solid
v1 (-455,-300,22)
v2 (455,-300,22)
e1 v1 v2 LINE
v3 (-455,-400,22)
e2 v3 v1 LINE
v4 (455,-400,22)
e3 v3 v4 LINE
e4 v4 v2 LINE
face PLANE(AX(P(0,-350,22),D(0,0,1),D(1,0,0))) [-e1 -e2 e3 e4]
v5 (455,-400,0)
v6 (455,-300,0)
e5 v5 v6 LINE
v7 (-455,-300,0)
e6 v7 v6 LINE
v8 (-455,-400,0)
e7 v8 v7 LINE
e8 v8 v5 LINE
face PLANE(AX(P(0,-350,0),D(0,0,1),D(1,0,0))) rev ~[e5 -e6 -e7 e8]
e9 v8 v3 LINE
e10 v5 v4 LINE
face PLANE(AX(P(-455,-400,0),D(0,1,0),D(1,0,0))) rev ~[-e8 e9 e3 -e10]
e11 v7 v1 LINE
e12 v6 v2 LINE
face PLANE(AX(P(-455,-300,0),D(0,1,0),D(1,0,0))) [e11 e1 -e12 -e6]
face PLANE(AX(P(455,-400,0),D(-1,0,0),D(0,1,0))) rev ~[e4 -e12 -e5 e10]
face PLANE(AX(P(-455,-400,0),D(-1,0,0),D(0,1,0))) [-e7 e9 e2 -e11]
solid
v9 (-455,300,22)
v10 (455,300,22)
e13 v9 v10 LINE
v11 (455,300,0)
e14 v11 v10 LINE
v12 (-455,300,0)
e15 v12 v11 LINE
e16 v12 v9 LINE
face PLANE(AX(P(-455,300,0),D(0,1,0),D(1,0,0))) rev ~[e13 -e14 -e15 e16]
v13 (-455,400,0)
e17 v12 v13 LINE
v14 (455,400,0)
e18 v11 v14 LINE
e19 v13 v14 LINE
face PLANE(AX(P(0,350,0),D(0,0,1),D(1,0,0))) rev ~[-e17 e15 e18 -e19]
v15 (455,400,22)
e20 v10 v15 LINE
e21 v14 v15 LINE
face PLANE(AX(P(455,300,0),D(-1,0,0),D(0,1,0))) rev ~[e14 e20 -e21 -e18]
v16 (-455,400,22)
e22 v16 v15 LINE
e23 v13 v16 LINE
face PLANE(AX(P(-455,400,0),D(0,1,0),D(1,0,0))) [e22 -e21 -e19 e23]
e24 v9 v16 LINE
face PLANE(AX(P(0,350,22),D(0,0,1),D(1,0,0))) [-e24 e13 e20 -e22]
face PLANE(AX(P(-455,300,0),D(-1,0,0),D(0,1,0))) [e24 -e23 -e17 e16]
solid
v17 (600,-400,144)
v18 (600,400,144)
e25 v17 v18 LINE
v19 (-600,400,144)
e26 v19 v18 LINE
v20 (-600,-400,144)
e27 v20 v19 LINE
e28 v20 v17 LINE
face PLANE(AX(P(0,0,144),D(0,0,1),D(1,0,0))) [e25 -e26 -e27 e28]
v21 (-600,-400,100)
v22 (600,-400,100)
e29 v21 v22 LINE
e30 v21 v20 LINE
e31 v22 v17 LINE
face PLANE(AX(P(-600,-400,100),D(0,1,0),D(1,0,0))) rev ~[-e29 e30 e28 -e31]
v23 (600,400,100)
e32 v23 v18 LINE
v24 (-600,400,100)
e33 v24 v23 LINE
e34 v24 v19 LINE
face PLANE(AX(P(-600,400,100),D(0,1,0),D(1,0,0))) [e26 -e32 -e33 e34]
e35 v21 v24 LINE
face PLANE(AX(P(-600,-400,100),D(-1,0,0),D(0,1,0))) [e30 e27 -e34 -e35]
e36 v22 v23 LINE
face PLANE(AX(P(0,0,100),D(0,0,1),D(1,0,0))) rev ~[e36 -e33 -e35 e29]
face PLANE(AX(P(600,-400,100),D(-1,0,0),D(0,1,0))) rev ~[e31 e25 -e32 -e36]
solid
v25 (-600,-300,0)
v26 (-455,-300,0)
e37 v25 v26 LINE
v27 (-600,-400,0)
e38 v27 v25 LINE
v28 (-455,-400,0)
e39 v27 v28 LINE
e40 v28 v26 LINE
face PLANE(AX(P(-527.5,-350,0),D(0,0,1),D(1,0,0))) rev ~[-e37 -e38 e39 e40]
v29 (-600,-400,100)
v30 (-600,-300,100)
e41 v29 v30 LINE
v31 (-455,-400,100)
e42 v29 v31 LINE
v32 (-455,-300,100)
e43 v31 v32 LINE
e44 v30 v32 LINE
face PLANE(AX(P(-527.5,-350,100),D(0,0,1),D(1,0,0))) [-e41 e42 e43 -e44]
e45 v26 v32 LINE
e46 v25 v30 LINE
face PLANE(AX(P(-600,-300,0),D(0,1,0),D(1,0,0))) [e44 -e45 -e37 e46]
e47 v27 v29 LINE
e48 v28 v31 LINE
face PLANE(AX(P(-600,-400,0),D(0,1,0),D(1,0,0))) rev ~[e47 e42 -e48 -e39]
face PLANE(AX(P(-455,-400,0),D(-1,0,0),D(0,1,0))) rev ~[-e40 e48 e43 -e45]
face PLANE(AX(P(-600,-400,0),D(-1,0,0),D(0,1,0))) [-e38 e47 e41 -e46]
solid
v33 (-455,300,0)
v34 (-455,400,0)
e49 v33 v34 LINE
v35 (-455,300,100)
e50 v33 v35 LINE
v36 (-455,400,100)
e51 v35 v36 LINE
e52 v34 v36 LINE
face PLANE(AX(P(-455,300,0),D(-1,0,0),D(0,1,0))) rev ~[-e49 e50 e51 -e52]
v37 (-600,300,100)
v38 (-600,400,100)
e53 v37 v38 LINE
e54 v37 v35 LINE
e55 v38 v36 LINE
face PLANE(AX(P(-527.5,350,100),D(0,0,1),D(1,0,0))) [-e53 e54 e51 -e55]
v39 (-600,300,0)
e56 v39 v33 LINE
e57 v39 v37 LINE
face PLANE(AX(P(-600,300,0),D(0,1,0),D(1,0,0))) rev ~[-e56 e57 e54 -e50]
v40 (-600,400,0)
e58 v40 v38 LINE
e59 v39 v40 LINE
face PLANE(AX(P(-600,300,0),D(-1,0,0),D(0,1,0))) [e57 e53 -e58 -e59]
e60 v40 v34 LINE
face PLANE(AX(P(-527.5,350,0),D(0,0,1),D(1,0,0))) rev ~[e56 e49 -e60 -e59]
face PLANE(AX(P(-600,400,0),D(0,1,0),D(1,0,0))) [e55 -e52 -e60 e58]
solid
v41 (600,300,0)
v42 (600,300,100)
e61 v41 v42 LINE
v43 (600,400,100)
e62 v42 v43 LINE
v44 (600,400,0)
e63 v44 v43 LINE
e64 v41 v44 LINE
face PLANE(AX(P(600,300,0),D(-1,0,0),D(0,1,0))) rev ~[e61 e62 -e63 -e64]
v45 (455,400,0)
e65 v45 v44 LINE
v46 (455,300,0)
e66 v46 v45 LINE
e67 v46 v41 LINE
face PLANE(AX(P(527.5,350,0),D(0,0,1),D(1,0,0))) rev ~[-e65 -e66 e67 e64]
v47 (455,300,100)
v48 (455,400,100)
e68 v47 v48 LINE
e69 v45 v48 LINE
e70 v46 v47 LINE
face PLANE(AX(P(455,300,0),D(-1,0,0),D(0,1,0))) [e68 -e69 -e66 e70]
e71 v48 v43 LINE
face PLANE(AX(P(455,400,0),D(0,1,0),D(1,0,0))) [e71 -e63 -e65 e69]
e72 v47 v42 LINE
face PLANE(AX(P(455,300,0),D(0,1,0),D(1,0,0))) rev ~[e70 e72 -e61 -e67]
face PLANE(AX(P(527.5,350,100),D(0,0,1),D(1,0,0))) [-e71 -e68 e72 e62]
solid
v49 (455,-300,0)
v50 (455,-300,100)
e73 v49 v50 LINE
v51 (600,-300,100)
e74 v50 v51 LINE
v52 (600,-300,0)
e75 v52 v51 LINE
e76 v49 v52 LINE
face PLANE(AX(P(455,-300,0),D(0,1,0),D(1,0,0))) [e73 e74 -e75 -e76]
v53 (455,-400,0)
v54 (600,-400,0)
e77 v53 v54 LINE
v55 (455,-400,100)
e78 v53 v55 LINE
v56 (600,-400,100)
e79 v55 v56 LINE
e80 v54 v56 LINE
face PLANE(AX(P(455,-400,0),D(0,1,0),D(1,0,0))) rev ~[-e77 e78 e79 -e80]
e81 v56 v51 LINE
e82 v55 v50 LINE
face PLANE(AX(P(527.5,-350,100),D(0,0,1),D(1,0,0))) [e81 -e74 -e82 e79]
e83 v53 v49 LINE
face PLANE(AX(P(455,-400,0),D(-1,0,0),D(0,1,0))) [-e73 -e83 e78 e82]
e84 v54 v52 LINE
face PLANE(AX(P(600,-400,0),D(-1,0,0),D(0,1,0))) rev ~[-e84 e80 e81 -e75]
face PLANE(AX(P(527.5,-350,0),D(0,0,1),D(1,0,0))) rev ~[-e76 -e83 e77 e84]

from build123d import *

# Parameters (mm, degrees)
F0_W     = 910
F0_H     = 100
F1_DEPTH = 22
F0_W_2   = 145
F2_DEPTH = 100
F3_W     = 1200
F3_H     = 800
F4_DEPTH = 44


with BuildPart() as f1:
    # F0 (on Top) → F1 (new body)
    with BuildSketch(Plane.XY):
        with Locations((0, 350)):
            Rectangle(F0_W, F0_H)
    extrude(amount=F1_DEPTH)


with BuildPart() as f1b:
    # F0 (on Top) → F1, piece 2 (new body)
    with BuildSketch(Plane.XY):
        with Locations((0, -350)):
            Rectangle(F0_W, F0_H)
    extrude(amount=F1_DEPTH)


with BuildPart() as f2:
    # F0 (on Top) → F2 (new body)
    with BuildSketch(Plane.XY):
        with Locations((527.5, -350)):
            Rectangle(F0_W_2, F0_H)
    extrude(amount=F2_DEPTH)


with BuildPart() as f2b:
    # F0 (on Top) → F2, piece 2 (new body)
    with BuildSketch(Plane.XY):
        with Locations((-527.5, -350)):
            Rectangle(F0_W_2, F0_H)
    extrude(amount=F2_DEPTH)


with BuildPart() as f2c:
    # F0 (on Top) → F2, piece 3 (new body)
    with BuildSketch(Plane.XY):
        with Locations((-527.5, 350)):
            Rectangle(F0_W_2, F0_H)
    extrude(amount=F2_DEPTH)


with BuildPart() as f2d:
    # F0 (on Top) → F2, piece 4 (new body)
    with BuildSketch(Plane.XY):
        with Locations((527.5, 350)):
            Rectangle(F0_W_2, F0_H)
    extrude(amount=F2_DEPTH)


with BuildPart() as f4:
    # F3 (on face) → F4 (new body)
    with BuildSketch(Plane.XY.offset(100)):
        Rectangle(F3_W, F3_H)
    extrude(amount=F4_DEPTH)


solid = Compound([f1.part, f1b.part, f2.part, f2b.part, f2c.part, f2d.part, f4.part])
